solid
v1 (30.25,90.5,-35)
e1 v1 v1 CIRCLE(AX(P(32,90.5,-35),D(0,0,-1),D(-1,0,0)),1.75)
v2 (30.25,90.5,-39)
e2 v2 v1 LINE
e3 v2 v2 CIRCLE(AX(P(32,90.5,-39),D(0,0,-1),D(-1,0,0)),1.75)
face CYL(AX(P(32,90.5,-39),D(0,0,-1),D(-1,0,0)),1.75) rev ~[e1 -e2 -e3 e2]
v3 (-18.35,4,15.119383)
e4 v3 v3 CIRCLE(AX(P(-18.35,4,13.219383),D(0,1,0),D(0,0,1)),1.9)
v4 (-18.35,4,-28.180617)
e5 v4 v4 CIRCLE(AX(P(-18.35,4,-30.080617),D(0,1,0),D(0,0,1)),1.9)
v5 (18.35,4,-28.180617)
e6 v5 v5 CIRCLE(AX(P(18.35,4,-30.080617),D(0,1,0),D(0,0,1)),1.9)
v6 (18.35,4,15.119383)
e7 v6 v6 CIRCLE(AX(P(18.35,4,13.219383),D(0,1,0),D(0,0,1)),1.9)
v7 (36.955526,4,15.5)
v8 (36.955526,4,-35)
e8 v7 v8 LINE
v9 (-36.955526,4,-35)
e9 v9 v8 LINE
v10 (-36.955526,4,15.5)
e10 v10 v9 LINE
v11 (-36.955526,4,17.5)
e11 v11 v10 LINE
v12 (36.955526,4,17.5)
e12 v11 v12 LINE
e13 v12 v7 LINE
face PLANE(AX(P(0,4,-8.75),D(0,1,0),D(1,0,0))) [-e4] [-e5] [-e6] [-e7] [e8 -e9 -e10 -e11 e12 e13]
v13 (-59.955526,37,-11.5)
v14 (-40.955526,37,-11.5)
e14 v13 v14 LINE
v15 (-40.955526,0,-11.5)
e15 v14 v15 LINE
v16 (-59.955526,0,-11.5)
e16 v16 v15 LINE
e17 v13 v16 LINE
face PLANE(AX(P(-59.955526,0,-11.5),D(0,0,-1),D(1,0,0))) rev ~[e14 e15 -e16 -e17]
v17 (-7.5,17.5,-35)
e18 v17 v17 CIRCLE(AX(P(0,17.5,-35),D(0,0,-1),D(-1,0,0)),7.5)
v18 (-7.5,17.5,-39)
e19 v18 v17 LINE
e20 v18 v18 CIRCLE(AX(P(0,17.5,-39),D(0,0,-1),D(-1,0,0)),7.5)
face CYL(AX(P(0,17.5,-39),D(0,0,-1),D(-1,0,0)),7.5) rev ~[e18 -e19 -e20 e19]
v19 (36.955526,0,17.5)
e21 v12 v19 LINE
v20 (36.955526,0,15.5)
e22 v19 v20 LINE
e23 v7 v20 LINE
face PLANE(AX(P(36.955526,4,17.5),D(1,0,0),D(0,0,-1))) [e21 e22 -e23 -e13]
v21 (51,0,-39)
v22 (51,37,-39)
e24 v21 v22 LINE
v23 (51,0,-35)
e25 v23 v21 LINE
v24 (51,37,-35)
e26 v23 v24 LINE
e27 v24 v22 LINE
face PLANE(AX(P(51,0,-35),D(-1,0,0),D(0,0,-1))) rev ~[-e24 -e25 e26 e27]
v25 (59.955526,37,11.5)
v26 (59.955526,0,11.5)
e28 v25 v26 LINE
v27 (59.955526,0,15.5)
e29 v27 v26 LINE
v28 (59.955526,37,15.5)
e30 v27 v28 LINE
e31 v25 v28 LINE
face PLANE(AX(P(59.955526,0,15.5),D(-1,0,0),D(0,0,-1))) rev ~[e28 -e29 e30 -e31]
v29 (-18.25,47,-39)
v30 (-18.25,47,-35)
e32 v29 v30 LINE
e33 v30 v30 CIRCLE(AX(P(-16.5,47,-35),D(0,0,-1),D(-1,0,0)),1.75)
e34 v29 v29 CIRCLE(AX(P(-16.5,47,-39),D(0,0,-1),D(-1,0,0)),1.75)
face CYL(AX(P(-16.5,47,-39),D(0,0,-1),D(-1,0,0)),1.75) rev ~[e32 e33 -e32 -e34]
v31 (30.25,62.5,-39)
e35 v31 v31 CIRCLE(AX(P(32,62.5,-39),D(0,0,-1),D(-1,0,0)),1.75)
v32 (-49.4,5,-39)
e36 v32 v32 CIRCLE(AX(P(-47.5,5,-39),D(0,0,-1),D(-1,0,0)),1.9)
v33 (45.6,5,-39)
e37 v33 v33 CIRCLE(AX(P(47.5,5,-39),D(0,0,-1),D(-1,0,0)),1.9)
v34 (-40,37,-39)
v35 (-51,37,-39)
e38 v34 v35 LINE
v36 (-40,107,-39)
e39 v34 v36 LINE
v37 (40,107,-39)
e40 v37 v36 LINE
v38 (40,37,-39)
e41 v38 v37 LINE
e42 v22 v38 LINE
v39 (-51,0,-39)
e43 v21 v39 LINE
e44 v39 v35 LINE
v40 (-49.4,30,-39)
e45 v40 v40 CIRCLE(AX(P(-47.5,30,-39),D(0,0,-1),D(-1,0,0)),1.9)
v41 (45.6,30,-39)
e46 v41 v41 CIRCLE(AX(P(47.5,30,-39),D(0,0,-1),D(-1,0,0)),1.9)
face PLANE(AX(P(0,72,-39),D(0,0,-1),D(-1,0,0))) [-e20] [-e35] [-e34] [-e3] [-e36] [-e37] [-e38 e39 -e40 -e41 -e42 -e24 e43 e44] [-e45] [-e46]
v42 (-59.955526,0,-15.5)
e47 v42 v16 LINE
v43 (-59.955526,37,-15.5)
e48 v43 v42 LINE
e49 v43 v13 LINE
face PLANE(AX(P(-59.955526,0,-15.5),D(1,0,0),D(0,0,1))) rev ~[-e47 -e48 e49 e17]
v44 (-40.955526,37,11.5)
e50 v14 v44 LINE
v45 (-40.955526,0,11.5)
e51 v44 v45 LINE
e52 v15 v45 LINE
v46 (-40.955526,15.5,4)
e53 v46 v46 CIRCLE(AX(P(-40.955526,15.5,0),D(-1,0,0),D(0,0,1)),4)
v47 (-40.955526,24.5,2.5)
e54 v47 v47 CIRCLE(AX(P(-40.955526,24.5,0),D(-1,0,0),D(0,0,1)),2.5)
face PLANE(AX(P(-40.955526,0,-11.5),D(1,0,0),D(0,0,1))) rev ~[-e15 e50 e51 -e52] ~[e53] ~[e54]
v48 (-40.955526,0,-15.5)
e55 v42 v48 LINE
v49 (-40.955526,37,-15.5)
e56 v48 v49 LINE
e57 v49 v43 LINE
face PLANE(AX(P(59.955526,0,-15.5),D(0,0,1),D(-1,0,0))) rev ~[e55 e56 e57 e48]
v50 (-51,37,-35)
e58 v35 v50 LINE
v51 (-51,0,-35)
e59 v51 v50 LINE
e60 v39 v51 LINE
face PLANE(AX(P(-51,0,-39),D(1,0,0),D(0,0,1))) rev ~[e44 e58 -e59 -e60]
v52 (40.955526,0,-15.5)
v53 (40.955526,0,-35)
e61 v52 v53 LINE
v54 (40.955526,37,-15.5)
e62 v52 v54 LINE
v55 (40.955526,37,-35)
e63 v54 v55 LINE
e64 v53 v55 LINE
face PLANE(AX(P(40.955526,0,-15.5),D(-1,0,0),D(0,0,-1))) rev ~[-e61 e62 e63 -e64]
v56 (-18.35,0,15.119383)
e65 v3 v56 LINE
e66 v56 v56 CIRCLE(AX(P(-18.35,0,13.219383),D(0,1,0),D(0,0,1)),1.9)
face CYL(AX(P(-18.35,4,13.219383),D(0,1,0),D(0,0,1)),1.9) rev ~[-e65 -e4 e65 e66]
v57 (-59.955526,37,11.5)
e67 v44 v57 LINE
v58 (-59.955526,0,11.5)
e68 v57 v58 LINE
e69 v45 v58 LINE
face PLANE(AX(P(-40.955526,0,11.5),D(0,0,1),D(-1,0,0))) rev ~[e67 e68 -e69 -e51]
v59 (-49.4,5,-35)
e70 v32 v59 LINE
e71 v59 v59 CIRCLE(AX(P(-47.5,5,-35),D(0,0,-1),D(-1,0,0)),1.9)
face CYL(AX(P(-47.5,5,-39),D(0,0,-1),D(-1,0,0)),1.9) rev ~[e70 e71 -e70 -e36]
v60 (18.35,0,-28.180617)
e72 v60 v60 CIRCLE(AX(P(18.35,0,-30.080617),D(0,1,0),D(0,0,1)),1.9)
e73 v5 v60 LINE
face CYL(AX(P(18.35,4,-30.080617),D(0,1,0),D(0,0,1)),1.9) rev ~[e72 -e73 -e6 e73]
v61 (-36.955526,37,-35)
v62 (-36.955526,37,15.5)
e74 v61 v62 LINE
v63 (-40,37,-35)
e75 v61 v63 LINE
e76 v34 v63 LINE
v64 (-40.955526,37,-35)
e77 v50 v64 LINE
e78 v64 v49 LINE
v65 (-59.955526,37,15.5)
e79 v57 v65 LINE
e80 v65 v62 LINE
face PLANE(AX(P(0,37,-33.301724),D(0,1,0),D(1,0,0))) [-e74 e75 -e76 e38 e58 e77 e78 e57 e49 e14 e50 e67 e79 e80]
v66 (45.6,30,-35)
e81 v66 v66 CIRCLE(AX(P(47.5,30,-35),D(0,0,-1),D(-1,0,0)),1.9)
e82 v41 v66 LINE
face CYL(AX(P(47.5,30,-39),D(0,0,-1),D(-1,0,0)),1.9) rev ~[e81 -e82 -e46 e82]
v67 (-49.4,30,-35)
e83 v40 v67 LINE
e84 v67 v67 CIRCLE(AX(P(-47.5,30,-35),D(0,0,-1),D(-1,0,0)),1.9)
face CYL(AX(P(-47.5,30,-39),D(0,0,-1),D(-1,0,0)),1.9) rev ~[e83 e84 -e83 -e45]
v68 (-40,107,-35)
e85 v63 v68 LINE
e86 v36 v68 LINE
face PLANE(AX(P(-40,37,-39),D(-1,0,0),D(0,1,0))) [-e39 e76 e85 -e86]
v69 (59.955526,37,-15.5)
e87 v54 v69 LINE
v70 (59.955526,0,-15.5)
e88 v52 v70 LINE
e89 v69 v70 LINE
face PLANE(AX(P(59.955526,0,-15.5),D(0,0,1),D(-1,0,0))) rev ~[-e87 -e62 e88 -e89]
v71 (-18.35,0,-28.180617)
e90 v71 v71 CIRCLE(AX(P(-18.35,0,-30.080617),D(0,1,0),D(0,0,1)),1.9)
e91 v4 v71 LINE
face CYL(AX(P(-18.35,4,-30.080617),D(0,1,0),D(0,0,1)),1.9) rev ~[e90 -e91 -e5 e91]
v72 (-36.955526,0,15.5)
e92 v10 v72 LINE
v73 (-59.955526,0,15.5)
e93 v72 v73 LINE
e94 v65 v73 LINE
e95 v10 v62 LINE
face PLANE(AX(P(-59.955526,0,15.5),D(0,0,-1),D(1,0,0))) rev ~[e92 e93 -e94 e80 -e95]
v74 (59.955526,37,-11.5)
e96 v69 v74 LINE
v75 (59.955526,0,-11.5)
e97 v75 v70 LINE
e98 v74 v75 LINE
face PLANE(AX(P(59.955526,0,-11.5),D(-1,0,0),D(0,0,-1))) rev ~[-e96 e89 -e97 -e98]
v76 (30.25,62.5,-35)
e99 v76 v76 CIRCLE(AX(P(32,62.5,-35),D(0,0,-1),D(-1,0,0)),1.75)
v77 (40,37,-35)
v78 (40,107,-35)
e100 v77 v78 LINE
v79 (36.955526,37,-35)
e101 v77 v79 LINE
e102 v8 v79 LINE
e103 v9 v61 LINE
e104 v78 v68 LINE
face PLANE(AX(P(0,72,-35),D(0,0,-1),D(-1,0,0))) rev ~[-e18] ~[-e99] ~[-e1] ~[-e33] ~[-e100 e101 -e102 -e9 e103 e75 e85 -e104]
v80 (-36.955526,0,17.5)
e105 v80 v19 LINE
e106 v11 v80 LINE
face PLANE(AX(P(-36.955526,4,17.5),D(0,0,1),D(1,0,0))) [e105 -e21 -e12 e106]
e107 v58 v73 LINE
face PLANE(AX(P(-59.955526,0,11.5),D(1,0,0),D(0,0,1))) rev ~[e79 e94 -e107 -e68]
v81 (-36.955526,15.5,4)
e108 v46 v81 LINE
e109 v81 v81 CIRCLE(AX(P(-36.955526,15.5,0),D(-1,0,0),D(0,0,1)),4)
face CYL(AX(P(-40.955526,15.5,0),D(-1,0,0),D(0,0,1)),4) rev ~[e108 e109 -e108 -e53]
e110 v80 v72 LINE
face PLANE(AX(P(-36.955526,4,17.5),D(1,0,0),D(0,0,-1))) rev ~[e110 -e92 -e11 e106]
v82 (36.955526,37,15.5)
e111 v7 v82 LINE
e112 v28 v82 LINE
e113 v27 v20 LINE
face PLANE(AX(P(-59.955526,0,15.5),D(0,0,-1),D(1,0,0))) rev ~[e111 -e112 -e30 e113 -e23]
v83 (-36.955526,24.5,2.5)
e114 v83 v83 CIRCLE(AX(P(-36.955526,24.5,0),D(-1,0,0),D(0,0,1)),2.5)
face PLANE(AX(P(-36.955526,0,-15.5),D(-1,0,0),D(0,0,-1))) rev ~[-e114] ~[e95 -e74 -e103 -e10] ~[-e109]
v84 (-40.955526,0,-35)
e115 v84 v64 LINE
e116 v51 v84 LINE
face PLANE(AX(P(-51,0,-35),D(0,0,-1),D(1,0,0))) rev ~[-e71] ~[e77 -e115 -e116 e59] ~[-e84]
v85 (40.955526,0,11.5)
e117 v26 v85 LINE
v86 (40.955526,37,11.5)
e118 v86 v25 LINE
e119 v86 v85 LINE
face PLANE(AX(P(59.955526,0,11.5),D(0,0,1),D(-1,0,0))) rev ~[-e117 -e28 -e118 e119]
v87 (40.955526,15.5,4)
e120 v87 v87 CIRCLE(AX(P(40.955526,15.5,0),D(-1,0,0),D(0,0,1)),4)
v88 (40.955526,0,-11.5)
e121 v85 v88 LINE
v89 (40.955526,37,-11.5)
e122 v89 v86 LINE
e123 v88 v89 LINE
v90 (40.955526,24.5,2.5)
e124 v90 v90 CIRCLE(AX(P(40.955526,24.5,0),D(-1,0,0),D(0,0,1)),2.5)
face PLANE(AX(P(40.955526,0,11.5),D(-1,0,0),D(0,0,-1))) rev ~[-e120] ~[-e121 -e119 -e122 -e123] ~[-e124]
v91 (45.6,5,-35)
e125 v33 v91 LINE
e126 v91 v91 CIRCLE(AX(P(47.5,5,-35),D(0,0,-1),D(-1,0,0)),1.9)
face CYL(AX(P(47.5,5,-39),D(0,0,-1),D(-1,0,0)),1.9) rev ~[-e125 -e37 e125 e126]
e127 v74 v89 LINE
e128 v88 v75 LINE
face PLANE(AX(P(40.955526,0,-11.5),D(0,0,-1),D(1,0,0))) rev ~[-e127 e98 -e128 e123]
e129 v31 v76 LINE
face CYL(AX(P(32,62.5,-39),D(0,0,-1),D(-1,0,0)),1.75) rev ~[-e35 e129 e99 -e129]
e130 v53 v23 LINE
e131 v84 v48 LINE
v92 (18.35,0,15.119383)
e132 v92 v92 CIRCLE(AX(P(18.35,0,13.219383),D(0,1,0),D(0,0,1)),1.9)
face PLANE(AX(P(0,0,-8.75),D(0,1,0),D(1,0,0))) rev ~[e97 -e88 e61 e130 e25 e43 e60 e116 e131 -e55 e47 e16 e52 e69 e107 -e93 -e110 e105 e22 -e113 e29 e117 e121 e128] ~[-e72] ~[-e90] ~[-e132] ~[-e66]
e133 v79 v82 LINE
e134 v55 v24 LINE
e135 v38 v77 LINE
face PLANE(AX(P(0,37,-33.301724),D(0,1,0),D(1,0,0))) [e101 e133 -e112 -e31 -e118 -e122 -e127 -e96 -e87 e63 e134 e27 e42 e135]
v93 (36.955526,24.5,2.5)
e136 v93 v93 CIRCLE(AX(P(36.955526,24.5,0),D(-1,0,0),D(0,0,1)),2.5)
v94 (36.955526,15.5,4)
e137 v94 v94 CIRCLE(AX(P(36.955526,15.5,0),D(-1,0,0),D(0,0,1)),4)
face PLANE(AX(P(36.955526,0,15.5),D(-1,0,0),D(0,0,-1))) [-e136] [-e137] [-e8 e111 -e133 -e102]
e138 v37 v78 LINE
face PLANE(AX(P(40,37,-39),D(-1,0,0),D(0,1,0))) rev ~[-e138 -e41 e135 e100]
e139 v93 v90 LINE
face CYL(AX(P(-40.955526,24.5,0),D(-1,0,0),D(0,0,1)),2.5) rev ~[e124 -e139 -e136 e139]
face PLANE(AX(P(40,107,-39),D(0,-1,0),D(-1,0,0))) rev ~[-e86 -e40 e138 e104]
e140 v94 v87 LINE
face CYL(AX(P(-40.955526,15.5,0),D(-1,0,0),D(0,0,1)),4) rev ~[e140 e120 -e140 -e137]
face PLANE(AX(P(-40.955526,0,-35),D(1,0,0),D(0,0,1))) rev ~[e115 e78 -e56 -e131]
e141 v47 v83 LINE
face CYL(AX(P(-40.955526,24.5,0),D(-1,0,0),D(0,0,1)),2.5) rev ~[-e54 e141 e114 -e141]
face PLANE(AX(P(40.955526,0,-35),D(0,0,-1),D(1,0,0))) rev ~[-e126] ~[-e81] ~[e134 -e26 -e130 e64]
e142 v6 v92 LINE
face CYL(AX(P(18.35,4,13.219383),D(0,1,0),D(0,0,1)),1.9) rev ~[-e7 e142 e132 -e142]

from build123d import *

# Parameters (mm, degrees)
BOSS_EXTRUDE1_DEPTH = 4
BOSS_EXTRUDE2_START = -4
BOSS_EXTRUDE2_DEPTH = 37
SKETCH3_R           = 4
SKETCH3_R_2         = 2.5
CUT_EXTRUDE1_DEPTH  = 109.592312231
SKETCH4_W           = 73.911051306
SKETCH4_H           = 52.5
BOSS_EXTRUDE3_DEPTH = 4
SKETCH5_R           = 1.9
CUT_EXTRUDE2_DEPTH  = 37
BOSS_EXTRUDE4_START = -4
BOSS_EXTRUDE4_DEPTH = 37
SKETCH7_R           = 1.9
SKETCH7_R_2         = 7.5
CUT_EXTRUDE4_DEPTH  = 4
SKETCH8_W           = 80
SKETCH8_H           = 70
SKETCH8_R           = 1.75
BOSS_EXTRUDE5_DEPTH = 4


with BuildPart() as part:
    # Sketch1 → Boss-Extrude1 (new body)
    with BuildSketch(Plane(origin=(0, 0, 0), x_dir=(1, 0, 0), z_dir=(0, 1, 0))):
        Polygon((40.955525653, 11.5), (59.955525653, 11.5), (59.955525653, 15.5), (-59.955525653, 15.5), (-59.955525653, 11.5), (-40.955525653, 11.5), (-40.955525653, -11.5), (-59.955525653, -11.5), (-59.955525653, -15.5), (59.955525653, -15.5), (59.955525653, -11.5), (40.955525653, -11.5), align=None)
    extrude(amount=BOSS_EXTRUDE1_DEPTH)

    # Sketch2 → Boss-Extrude2 (add)
    with BuildSketch(Plane(origin=(0, 4, 0), x_dir=(1, 0, 0), z_dir=(0, 1, 0)).offset(BOSS_EXTRUDE2_START)):
        Polygon((-36.955525653, 15.5), (-59.955525653, 15.5), (-59.955525653, 11.5), (-40.955525653, 11.5), (-40.955525653, -11.5), (-59.955525653, -11.5), (-59.955525653, -15.5), (-36.955525653, -15.5), align=None)
        Polygon((36.955525653, -15.5), (36.955525653, 15.5), (59.955525653, 15.5), (59.955525653, 11.5), (40.955525653, 11.5), (40.955525653, -11.5), (59.955525653, -11.5), (59.955525653, -15.5), align=None)
    extrude(amount=BOSS_EXTRUDE2_DEPTH)

    # Sketch3 → Cut-Extrude1 (cut, through all)
    with BuildSketch(Plane.ZY.offset(40.955525653)):
        with Locations((0, 15.5)):
            Circle(SKETCH3_R)
        with Locations((0, 24.5)):
            Circle(SKETCH3_R_2)
    extrude(amount=-CUT_EXTRUDE1_DEPTH, mode=Mode.SUBTRACT)

    # Sketch4 → Boss-Extrude3 (add)
    with BuildSketch(Plane(origin=(0, 4, 0), x_dir=(1, 0, 0), z_dir=(0, 1, 0))):
        with Locations((0, 8.75)):
            Rectangle(SKETCH4_W, SKETCH4_H)
    extrude(amount=-BOSS_EXTRUDE3_DEPTH)

    # Sketch5 → Cut-Extrude2 (cut)
    with BuildSketch(Plane(origin=(0, 4, 0), x_dir=(1, 0, 0), z_dir=(0, 1, 0))):
        with Locations(Location((-18.35, 30.080617362, 0), (0, 0, 270))):
            Circle(SKETCH5_R)
        with Locations(Location((18.35, 30.080617362, 0), (0, 0, 270))):
            Circle(SKETCH5_R)
        with Locations(Location((18.35, -13.219382638, 0), (0, 0, 270))):
            Circle(SKETCH5_R)
        with Locations(Location((-18.35, -13.219382638, 0), (0, 0, 270))):
            Circle(SKETCH5_R)
    extrude(amount=-CUT_EXTRUDE2_DEPTH, mode=Mode.SUBTRACT)

    # Sketch6 → Boss-Extrude4 (add)
    with BuildSketch(Plane(origin=(0, 4, 0), x_dir=(1, 0, 0), z_dir=(0, 1, 0)).offset(BOSS_EXTRUDE4_START)):
        Polygon((-36.955525653, 15.5), (-36.955525653, 35), (36.955525653, 35), (36.955525653, 15.5), (40.955525653, 15.5), (40.955525653, 35), (51, 35), (51, 39), (-51, 39), (-51, 35), (-40.955525653, 35), (-40.955525653, 15.5), align=None)
    extrude(amount=BOSS_EXTRUDE4_DEPTH)

    # Sketch7 → Cut-Extrude4 (cut)
    with BuildSketch(Plane(origin=(0, 0, -39), x_dir=(-1, 0, 0), z_dir=(0, 0, -1))):
        with Locations((-47.5, 30)):
            Circle(SKETCH7_R)
        with Locations((47.5, 30)):
            Circle(SKETCH7_R)
        with Locations((47.5, 5)):
            Circle(SKETCH7_R)
        with Locations((-47.5, 5)):
            Circle(SKETCH7_R)
        with Locations((0, 17.5)):
            Circle(SKETCH7_R_2)
    extrude(amount=-CUT_EXTRUDE4_DEPTH, mode=Mode.SUBTRACT)

    # Sketch8 → Boss-Extrude5 (add)
    with BuildSketch(Plane(origin=(0, 0, -39), x_dir=(-1, 0, 0), z_dir=(0, 0, -1))):
        with Locations((0, 72)):
            Rectangle(SKETCH8_W, SKETCH8_H)
        with Locations((-32, 90.5)):
            Circle(SKETCH8_R, mode=Mode.SUBTRACT)
        with Locations((-32, 62.5)):
            Circle(SKETCH8_R, mode=Mode.SUBTRACT)
        with Locations((16.5, 47)):
            Circle(SKETCH8_R, mode=Mode.SUBTRACT)
    extrude(amount=-BOSS_EXTRUDE5_DEPTH)


solid = part.part
